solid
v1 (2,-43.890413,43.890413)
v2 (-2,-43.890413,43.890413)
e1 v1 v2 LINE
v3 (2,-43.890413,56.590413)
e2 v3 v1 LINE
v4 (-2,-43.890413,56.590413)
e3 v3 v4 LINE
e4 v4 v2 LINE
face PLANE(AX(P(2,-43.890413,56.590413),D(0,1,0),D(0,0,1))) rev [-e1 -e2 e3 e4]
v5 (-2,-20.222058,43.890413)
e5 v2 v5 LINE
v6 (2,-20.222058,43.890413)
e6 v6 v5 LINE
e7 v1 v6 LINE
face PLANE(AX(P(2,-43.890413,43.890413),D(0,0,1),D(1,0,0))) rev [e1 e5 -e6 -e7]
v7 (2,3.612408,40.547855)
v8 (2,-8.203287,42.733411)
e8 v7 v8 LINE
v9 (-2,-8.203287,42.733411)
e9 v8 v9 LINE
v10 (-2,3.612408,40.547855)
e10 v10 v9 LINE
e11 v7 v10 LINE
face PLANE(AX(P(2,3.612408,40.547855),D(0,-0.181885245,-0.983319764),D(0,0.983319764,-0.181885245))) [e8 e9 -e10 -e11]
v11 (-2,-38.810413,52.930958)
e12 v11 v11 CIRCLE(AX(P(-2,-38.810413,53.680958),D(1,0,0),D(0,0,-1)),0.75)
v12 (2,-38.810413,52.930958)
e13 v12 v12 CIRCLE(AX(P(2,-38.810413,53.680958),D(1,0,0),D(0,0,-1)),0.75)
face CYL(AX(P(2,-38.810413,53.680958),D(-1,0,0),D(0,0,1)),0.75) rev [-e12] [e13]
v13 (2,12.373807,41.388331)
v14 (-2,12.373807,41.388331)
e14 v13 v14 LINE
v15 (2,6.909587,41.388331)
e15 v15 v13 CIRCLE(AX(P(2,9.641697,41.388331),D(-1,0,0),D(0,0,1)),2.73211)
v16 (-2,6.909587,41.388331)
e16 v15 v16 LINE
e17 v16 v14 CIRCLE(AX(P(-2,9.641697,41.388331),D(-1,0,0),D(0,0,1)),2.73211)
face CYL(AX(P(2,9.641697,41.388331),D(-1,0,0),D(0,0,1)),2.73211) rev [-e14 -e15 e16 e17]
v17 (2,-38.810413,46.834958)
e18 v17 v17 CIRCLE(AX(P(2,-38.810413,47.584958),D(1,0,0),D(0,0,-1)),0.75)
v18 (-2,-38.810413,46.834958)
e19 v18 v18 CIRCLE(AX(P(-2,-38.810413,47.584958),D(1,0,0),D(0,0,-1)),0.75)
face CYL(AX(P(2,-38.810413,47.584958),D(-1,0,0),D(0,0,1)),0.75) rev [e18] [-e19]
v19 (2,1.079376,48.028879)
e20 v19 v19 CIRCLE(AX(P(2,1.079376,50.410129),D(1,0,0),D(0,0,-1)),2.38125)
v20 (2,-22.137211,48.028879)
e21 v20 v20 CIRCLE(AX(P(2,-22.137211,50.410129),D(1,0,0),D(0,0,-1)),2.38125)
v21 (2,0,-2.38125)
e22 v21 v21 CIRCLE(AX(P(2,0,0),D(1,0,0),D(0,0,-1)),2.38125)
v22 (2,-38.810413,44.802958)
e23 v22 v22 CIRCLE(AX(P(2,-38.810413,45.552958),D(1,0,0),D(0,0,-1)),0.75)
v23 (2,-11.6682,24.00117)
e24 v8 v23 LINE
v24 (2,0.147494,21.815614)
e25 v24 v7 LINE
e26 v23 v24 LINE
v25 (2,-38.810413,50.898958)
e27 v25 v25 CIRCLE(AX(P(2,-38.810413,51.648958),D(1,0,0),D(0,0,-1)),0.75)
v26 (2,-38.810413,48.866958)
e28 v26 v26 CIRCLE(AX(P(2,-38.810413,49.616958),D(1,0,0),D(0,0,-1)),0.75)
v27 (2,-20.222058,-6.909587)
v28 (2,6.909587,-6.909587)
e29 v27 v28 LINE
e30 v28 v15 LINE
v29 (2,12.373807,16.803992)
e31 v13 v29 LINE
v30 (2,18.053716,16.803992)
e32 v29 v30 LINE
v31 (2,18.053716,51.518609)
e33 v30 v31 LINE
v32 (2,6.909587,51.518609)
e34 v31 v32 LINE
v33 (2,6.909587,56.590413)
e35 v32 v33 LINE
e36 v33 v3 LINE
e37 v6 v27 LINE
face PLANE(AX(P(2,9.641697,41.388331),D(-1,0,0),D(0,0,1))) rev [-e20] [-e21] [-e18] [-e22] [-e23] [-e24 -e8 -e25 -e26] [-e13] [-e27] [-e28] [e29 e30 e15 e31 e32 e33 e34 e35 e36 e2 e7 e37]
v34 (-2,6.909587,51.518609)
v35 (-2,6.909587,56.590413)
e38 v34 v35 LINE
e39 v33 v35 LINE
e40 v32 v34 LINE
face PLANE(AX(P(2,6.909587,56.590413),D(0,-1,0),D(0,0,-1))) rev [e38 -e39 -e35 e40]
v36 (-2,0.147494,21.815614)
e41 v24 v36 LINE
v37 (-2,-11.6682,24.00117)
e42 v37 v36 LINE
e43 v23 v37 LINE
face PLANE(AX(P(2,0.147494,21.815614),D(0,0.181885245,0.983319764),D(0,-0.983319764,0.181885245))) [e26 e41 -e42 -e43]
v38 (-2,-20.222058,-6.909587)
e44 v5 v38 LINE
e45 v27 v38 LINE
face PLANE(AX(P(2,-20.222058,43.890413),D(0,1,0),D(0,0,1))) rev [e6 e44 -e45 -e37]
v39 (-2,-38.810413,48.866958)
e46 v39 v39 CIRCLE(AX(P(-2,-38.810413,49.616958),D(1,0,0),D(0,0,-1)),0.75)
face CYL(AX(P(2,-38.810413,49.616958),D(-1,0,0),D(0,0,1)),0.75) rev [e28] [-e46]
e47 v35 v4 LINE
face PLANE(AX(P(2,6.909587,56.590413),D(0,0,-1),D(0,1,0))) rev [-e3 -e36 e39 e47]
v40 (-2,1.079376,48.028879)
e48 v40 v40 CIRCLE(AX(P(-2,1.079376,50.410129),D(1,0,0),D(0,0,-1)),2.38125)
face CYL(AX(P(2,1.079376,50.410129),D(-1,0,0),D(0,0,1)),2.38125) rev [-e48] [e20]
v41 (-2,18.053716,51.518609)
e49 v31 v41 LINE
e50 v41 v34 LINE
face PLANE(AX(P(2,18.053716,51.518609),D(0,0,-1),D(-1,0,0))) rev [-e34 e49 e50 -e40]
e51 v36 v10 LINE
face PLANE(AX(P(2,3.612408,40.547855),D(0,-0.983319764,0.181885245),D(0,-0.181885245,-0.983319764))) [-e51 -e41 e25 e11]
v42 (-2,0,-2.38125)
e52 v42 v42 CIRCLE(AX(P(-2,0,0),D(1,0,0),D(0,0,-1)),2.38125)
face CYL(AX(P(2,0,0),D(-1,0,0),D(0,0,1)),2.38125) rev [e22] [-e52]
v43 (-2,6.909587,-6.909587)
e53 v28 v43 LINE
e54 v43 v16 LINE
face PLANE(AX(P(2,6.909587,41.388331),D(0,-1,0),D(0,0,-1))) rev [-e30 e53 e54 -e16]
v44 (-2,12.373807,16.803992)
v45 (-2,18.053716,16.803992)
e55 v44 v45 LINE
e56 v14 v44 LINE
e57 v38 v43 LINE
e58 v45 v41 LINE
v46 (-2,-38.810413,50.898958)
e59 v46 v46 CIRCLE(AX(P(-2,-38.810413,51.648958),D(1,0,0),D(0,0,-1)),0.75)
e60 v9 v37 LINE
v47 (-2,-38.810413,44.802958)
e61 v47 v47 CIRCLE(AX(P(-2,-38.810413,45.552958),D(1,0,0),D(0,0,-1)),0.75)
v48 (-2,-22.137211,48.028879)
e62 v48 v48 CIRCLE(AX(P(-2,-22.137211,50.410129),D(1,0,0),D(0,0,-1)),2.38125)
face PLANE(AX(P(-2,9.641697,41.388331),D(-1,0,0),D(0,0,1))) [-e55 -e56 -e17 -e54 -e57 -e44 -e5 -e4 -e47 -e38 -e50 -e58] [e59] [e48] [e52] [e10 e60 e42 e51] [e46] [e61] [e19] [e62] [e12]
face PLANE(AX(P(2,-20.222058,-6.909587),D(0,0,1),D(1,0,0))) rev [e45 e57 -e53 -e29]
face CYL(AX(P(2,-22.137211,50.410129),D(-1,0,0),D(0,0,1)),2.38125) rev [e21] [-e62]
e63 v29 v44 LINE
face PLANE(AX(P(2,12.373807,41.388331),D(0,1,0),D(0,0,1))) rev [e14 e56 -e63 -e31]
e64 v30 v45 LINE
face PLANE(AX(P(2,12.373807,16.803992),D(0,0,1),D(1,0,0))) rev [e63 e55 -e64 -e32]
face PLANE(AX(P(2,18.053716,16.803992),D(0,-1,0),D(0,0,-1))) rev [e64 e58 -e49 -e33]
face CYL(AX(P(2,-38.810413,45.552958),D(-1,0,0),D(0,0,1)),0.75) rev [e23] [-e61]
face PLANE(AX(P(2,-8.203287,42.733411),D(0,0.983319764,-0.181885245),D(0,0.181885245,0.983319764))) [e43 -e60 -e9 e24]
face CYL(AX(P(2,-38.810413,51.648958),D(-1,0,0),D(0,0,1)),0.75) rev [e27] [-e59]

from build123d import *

# Parameters (mm, degrees)
SKETCH1_R           = 2.38125
SKETCH1_R_2         = 0.75
BOSS_EXTRUDE1_DEPTH = 2


with BuildPart() as part:
    # Sketch1 → Boss-Extrude1 (new, symmetric)
    with BuildSketch(Plane(origin=(0, 0, 0), x_dir=(0, 0, -1), z_dir=(1, 0, 0))):
        with BuildLine():
            Line((-56.590412722, 6.909587278), (-51.518608779, 6.909587278))
            Line((-51.518608779, 6.909587278), (-51.518608779, 18.053715602))
            Line((-51.518608779, 18.053715602), (-16.803992093, 18.053715602))
            Line((-16.803992093, 18.053715602), (-16.803992093, 12.37380655))
            Line((-16.803992093, 12.37380655), (-41.3883309, 12.37380655))
            ThreePointArc((-41.3883309, 12.37380655), (-44.120440536, 9.641696914), (-41.3883309, 6.909587278))
            Line((-41.3883309, 6.909587278), (6.909587278, 6.909587278))
            Line((6.909587278, 6.909587278), (6.909587278, -20.222057583))
            Line((6.909587278, -20.222057583), (-43.890412722, -20.222057583))
            Line((-43.890412722, -20.222057583), (-43.890412722, -43.890412722))
            Line((-43.890412722, -43.890412722), (-56.590412722, -43.890412722))
            Line((-56.590412722, -43.890412722), (-56.590412722, 6.909587278))
        make_face()
        Circle(SKETCH1_R, mode=Mode.SUBTRACT)
        with Locations((-45.552958224, -38.810412722)):
            Circle(SKETCH1_R_2, mode=Mode.SUBTRACT)
        with Locations((-47.584958224, -38.810412722)):
            Circle(SKETCH1_R_2, mode=Mode.SUBTRACT)
        with Locations((-49.616958224, -38.810412722)):
            Circle(SKETCH1_R_2, mode=Mode.SUBTRACT)
        with Locations((-51.648958224, -38.810412722)):
            Circle(SKETCH1_R_2, mode=Mode.SUBTRACT)
        with Locations((-50.410128911, -22.137211246)):
            Circle(SKETCH1_R, mode=Mode.SUBTRACT)
        with Locations((-50.410128911, 1.079375692)):
            Circle(SKETCH1_R, mode=Mode.SUBTRACT)
        with Locations((-53.680958224, -38.810412722)):
            Circle(SKETCH1_R_2, mode=Mode.SUBTRACT)
        Polygon((-40.547855017, 3.612408172), (-21.81561352, 0.147494252), (-24.001169646, -11.668200482), (-42.733411143, -8.203286562), align=None, mode=Mode.SUBTRACT)
    extrude(amount=BOSS_EXTRUDE1_DEPTH, both=True)


solid = part.part
